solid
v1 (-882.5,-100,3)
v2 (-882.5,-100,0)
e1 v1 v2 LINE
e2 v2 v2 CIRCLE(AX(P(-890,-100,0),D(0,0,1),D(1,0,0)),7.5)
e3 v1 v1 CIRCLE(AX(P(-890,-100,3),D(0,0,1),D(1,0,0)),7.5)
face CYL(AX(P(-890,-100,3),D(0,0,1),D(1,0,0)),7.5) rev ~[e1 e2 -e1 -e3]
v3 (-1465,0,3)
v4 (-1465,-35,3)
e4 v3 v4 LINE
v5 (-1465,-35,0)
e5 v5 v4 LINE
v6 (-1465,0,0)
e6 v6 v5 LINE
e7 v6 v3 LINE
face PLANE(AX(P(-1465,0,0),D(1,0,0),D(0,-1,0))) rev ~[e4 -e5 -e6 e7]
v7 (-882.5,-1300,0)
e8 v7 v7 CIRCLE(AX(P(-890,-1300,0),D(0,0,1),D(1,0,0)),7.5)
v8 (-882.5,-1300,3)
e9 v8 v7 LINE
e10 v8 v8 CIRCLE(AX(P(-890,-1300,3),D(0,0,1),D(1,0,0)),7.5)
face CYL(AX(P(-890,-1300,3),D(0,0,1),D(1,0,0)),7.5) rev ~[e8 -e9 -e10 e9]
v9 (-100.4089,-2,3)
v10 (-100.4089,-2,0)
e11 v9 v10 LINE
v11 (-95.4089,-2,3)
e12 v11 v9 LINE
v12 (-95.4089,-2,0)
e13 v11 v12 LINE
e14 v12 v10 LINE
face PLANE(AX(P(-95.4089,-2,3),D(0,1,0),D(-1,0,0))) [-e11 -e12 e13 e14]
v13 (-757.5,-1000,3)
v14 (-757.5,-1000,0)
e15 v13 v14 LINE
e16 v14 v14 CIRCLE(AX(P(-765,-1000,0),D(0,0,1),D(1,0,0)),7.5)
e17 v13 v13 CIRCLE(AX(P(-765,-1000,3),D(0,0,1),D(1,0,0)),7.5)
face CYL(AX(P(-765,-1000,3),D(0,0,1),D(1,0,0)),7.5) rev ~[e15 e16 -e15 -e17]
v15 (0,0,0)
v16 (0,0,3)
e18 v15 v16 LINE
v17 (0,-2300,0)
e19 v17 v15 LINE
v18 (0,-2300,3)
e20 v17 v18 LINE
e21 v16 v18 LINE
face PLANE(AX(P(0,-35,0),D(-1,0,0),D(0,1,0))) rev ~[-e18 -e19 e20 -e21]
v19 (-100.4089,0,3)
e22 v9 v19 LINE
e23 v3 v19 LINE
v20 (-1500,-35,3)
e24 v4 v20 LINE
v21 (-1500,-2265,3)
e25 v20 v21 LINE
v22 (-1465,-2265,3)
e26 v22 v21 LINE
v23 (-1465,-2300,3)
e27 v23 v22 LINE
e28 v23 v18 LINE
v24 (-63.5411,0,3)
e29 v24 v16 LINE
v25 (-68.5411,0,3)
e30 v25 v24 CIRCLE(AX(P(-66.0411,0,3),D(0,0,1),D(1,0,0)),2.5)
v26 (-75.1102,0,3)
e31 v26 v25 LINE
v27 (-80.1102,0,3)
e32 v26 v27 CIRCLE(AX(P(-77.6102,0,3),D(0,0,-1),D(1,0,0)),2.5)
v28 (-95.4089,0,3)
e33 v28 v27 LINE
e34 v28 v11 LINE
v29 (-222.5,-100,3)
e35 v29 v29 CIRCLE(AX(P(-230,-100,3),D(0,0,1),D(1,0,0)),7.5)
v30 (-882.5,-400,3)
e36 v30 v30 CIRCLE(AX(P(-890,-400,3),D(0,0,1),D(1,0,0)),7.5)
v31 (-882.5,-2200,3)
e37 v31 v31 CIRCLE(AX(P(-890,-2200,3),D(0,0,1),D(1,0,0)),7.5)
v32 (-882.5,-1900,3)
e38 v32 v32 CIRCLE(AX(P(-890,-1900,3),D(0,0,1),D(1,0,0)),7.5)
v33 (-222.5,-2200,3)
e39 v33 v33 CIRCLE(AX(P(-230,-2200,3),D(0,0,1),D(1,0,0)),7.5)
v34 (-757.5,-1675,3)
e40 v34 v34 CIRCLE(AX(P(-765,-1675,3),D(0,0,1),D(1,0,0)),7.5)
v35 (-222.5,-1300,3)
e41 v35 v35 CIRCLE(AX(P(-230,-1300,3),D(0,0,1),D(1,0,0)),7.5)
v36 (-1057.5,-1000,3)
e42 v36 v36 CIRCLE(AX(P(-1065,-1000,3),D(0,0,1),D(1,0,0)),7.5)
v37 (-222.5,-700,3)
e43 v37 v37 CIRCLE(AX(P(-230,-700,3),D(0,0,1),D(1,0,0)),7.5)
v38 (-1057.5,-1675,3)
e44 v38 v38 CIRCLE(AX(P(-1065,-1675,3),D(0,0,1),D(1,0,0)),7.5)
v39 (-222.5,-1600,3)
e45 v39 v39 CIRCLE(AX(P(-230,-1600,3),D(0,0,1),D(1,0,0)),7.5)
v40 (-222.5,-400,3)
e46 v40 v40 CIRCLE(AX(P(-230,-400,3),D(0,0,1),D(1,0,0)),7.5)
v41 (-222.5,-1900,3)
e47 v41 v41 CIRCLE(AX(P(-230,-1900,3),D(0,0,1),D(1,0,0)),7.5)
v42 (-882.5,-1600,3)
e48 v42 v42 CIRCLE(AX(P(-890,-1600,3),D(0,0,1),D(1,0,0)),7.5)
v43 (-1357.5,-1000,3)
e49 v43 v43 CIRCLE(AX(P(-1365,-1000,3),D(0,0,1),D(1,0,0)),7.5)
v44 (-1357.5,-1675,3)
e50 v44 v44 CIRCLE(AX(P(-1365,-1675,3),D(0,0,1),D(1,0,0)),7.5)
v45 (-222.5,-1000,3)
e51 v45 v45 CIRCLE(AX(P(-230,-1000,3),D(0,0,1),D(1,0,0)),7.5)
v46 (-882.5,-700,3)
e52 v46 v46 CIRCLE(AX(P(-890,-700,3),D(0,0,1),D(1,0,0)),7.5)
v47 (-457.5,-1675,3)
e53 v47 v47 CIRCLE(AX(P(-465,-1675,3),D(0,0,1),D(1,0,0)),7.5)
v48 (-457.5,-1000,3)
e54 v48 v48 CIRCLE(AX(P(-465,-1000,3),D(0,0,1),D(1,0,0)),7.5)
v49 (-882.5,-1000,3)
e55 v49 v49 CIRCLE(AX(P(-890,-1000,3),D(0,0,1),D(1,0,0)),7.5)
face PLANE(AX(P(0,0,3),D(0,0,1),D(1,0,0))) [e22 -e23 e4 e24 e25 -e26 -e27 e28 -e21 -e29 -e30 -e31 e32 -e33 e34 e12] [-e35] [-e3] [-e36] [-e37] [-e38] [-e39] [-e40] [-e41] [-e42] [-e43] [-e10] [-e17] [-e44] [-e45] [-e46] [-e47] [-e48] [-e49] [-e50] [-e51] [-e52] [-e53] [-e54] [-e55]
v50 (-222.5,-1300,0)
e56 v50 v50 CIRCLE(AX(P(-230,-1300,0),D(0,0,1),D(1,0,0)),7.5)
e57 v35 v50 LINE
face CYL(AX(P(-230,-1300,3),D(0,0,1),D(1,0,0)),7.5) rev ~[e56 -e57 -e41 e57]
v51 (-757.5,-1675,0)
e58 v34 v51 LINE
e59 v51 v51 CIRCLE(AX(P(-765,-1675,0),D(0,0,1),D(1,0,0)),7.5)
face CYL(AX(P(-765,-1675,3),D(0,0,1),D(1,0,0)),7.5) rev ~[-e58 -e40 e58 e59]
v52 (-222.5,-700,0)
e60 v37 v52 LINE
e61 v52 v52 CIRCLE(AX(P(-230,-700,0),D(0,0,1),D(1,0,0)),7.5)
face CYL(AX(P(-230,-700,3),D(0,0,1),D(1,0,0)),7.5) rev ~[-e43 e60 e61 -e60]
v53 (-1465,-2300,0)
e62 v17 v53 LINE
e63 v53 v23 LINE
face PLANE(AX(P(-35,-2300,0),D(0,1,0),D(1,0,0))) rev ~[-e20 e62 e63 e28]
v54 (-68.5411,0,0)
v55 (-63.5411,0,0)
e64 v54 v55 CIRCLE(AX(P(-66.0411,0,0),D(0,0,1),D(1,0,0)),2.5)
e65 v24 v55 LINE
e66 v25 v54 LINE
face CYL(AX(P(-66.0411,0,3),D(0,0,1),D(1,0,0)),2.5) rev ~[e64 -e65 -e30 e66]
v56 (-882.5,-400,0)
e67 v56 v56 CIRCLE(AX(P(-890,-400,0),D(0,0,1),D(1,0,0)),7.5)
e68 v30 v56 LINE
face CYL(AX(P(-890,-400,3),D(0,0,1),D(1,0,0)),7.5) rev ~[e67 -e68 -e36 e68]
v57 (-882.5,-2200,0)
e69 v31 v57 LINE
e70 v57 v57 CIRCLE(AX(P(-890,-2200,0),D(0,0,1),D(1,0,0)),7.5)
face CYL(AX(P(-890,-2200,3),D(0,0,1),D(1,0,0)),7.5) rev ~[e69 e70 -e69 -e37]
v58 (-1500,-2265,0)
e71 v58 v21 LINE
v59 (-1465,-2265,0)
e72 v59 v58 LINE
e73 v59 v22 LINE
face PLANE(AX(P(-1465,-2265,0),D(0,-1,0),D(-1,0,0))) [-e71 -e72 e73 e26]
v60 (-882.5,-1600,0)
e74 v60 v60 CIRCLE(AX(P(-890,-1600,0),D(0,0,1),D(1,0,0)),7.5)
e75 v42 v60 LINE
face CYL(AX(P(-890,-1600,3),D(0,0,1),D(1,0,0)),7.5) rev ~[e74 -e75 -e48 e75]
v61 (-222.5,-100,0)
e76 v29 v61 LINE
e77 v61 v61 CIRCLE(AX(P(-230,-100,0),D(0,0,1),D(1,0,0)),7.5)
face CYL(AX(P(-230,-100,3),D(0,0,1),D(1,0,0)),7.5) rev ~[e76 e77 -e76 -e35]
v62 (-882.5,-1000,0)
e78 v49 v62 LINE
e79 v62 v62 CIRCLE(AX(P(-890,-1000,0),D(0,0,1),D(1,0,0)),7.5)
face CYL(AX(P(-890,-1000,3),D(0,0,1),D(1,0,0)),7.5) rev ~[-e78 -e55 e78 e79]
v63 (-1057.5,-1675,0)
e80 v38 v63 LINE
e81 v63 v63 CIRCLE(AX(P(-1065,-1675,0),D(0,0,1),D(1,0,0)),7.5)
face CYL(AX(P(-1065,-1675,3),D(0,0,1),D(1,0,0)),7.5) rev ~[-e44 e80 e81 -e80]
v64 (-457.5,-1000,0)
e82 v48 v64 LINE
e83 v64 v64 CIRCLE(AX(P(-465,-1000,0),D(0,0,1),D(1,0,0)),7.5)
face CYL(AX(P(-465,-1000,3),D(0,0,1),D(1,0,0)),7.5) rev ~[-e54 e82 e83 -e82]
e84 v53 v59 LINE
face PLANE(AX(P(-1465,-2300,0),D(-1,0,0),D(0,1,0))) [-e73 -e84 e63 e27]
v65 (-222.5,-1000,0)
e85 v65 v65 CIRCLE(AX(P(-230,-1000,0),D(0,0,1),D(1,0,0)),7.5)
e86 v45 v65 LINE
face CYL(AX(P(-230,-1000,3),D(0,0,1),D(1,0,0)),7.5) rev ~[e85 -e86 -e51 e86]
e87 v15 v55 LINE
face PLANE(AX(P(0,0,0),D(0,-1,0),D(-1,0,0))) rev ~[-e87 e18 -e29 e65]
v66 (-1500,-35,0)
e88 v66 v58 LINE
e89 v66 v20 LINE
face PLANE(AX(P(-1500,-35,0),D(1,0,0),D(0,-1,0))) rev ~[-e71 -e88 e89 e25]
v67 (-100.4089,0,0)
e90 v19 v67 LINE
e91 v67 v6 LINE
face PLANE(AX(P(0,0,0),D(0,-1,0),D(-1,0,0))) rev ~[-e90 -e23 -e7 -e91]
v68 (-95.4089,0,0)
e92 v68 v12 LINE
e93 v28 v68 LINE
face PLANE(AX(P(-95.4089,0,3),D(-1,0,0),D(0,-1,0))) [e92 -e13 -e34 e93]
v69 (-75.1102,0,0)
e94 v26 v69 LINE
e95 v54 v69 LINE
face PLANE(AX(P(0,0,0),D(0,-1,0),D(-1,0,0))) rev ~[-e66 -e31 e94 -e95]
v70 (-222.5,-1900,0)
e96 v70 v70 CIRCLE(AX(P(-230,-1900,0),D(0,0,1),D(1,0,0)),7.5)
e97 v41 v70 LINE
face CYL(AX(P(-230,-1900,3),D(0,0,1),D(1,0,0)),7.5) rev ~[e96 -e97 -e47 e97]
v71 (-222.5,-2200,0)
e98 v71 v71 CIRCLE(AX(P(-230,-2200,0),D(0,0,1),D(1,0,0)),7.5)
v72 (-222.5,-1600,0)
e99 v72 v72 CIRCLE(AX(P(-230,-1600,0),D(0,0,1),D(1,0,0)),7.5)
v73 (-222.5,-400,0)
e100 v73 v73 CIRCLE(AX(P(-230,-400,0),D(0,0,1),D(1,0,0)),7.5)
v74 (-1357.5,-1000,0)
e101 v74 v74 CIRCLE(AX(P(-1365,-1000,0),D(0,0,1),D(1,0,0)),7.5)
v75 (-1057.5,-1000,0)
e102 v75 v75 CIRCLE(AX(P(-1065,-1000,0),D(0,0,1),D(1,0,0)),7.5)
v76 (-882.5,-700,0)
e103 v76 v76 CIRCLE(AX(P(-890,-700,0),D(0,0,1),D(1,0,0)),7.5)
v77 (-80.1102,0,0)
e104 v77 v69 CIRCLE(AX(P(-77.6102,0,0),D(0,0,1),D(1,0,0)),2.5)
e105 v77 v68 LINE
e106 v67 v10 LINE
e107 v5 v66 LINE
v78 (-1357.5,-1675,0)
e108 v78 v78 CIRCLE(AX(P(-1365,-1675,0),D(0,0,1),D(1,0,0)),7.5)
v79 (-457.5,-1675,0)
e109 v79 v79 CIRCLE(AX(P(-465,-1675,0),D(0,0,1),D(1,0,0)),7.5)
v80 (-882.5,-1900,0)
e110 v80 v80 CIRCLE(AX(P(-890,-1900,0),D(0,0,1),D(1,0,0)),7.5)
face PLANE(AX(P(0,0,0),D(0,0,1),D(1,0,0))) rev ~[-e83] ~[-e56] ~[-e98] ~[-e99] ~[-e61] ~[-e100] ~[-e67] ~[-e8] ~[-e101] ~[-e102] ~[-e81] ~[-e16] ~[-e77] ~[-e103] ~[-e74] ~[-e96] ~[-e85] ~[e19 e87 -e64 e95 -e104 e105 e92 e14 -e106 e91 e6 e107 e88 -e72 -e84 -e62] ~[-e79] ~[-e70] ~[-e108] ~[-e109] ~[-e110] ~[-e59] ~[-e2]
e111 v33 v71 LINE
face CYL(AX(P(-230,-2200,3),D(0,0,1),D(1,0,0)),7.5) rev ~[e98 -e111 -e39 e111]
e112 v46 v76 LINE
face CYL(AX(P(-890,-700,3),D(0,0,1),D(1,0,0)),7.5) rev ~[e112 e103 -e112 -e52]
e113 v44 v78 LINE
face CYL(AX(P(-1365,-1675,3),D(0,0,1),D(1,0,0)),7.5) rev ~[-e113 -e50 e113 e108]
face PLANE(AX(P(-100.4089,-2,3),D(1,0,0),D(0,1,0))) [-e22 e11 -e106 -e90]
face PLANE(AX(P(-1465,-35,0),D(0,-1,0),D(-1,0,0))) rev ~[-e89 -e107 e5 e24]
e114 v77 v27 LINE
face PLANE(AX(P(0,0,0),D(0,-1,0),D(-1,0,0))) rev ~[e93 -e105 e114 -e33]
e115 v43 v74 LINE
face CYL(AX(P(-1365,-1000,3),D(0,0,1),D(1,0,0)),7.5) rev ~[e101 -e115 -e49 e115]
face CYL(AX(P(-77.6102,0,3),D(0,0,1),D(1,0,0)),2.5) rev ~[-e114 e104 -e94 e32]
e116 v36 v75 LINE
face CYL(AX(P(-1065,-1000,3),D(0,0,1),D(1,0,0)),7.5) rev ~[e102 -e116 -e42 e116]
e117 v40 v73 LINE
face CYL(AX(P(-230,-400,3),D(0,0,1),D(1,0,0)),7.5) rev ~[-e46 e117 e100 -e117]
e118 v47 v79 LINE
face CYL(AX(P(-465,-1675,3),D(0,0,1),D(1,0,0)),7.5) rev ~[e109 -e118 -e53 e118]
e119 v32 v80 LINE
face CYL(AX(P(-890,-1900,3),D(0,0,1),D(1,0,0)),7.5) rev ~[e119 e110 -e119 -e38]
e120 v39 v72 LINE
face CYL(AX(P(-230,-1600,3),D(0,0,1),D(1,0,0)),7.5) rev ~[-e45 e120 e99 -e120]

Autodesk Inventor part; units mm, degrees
ref_plane "YZ Plane" through (0, 0, 0) normal (1, 0, 0) x (0, 1, 0)
ref_plane "XZ Plane" through (0, 0, 0) normal (0, 1, 0) x (-1, 0, 0)
ref_plane "XY Plane" through (0, 0, 0) normal (0, 0, 1) x (1, 0, 0)
sketch "Sketch1" plane through (0, 0, 0) normal (0, 0, 1) x (1, 0, 0)
  line L0 (0, 0) -> (-1500, 0)
  line L1 (-1500, 0) -> (-1500, -2300)
  line L2 (-1500, -2300) -> (0, -2300)
  line L3 (0, -2300) -> (0, 0)
  line L4 (0, 0) -> (-35, 0)
  line L5 (-35, 0) -> (-35, -35)
  line L6 (-35, -35) -> (0, -35)
  line L7 (0, -35) -> (0, 0)
  line L8 (0, -2300) -> (-35, -2300)
  line L9 (-35, -2300) -> (-35, -2265)
  line L10 (-35, -2265) -> (0, -2265)
  line L11 (0, -2265) -> (0, -2300)
  line L12 (-1500, 0) -> (-1465, 0)
  line L13 (-1465, 0) -> (-1465, -35)
  line L14 (-1465, -35) -> (-1500, -35)
  line L15 (-1500, -35) -> (-1500, 0)
  line L16 (-1500, -2300) -> (-1465, -2300)
  line L17 (-1465, -2300) -> (-1465, -2265)
  line L18 (-1465, -2265) -> (-1500, -2265)
  line L19 (-1500, -2265) -> (-1500, -2300)
  line L20 (-1435, -2300) -> (-1345, -2300)
  line L21 (-1345, -2300) -> (-1345, -2265)
  line L22 (-1345, -2265) -> (-1435, -2265)
  line L23 (-1435, -2265) -> (-1435, -2300)
  line L24 (-1435, 0) -> (-1345, 0)
  line L25 (-1345, 0) -> (-1345, -35)
  line L26 (-1345, -35) -> (-1435, -35)
  line L27 (-1435, -35) -> (-1435, 0)
  point P0 (0, -35)
  point P1 (0, -2265)
  point P2 (-1345, 0)
  point P3 (-1465, 0)
  point P4 (-1500, -35)
  dimension "d22" = 1500
  dimension "d23" = 2300
  dimension "d24" = 35
  dimension "d25" = 35
  dimension "d28" = 90
  dimension "d29" = 1310
extrude "Plate1" add sketch "Sketch1" along normal blind 3 contours L3 L6 L5 L0 | L5 L6 L3 L10 L9 L2 L21 L22 L23 L17 L18 L1 L14 L13 L0 L27 L26 L25 | L25 L26 L27 L0 | L3 L2 L9 L10 | L2 L23 L22 L21
sketch "Sketch5" plane through (0, 0, 3) normal (0, 0, 1) x (1, 0, 0)
  circle A0 centre (-77.6102, 0) radius 2.5
  line L0 (-130.4089, -2) -> (-130.4089, 0)
  line L1 (-130.4089, 0) -> (-125.4089, 0)
  line L2 (-125.4089, 0) -> (-125.4089, -2)
  line L3 (-125.4089, -2) -> (-130.4089, -2)
  line L4 (-125.4089, -1) -> (-120.4089, -1) construction
  line L5 (-120.4089, -2) -> (-120.4089, 0)
  line L6 (-115.4089, -2) -> (-120.4089, -2)
  line L7 (-120.4089, 0) -> (-115.4089, 0)
  line L8 (-115.4089, 0) -> (-115.4089, -2)
  line L9 (-115.4089, -1) -> (-110.4089, -1) construction
  line L10 (-110.4089, -2) -> (-110.4089, 0)
  line L11 (-110.4089, 0) -> (-105.4089, 0)
  line L12 (-105.4089, 0) -> (-105.4089, -2)
  line L13 (-105.4089, -2) -> (-110.4089, -2)
  line L14 (-1465, 0) -> (0, 0) projected
  line L15 (-95.4089, -2) -> (-100.4089, -2)
  line L16 (-100.4089, -2) -> (-100.4089, 0)
  line L17 (-95.4089, 0) -> (-95.4089, -2)
  line L18 (-100.4089, 0) -> (-95.4089, 0)
  line L19 (-100.4089, -1) -> (-105.4089, -1)
  circle A1 centre (-66.0411, 0) radius 2.5
  point P0 (-97.9089, 0)
  point P1 (-95.4089, 0)
  point P2 (-100.4089, 0)
  point P3 (-63.5411, 0)
  point P4 (-68.5411, 0)
  dimension "d34" = 5
  dimension "d35" = 2
  dimension "d36" = 5
  dimension "d41" = 5
extrude "Cut1" cut sketch "Sketch5" against normal blind 3 contours L14 A0 | L17 L15 L16 L14 | A0 L14 | L14 A1 picked at (-66.3006, -1.5131)
sketch "Sketch6" plane through (0, 0, 3) normal (0, 0, 1) x (1, 0, 0)
  line L0 (0, -2300) -> (0, 0) construction
  line L1 (-1465, -2300) -> (0, -2300) construction
  line L2 (-230, -2300) -> (-230, -100) construction
  line L3 (-890, -2300) -> (-890, -100) construction
  line L4 (0, -1000) -> (-1365, -1000) construction
  line L5 (-230, -1675) -> (-1365, -1675) construction
  circle A0 centre (-230, -100) radius 7.5
  circle A1 centre (-890, -100) radius 7.5
  circle A2 centre (-230, -400) radius 7.5
  circle A3 centre (-890, -400) radius 7.5
  circle A4 centre (-230, -700) radius 7.5
  circle A5 centre (-890, -700) radius 7.5
  circle A6 centre (-230, -1000) radius 7.5
  circle A7 centre (-890, -1000) radius 7.5
  circle A8 centre (-230, -1300) radius 7.5
  circle A9 centre (-890, -1300) radius 7.5
  circle A10 centre (-230, -1600) radius 7.5
  circle A11 centre (-890, -1600) radius 7.5
  circle A12 centre (-230, -1900) radius 7.5
  circle A13 centre (-890, -1900) radius 7.5
  circle A14 centre (-230, -2200) radius 7.5
  circle A15 centre (-890, -2200) radius 7.5
  circle A16 centre (-230, -2500) radius 7.5
  circle A17 centre (-890, -2500) radius 7.5
  circle A18 centre (-230, -2800) radius 7.5
  circle A19 centre (-890, -2800) radius 7.5
  circle A20 centre (-230, -3100) radius 7.5
  circle A21 centre (-890, -3100) radius 7.5
  circle A22 centre (-1365, -1675) radius 7.5
  circle A23 centre (-1365, -1000) radius 7.5
  circle A24 centre (-1065, -1675) radius 7.5
  circle A25 centre (-1065, -1000) radius 7.5
  circle A26 centre (-765, -1675) radius 7.5
  circle A27 centre (-765, -1000) radius 7.5
  circle A28 centre (-465, -1675) radius 7.5
  circle A29 centre (-465, -1000) radius 7.5
  dimension "d42" = 230
  dimension "d43" = 625
  dimension "d44" = 660
  dimension "d45" = 675
  dimension "d46" = 15
  dimension "d49" = 300
  dimension "d54" = 100
  dimension "d55" = -800
  dimension "d56" = 100
  dimension "d59" = 300
extrude "Cut2" cut sketch "Sketch6" against normal blind 3
equation "\"d24\" = d25"
equation "\"d39\" = Thickness"
equation "\"d56\" = d54"
equation "\"d64\" = Thickness"
equation "\"d2\" = Thickness"
equation "\"BendReliefWidth\" = Thickness"
equation "\"BendReliefDepth\" = 0.5 * Thickness"
equation "\"CornerReliefSize\" = 4 * Thickness"
equation "\"MinimumRemnant\" = 2 * Thickness"
equation "\"TransitionRadius\" = BendRadius"
equation "\"JacobiRadiusSize\" = BendRadius"
equation "\"GapSize\" = Thickness"
equation "\"Thickness\" = 3"
equation "\"BendRadius\" = 5"
properties part number "GnG R.1 floor sheet" material "Stainless Steel"
